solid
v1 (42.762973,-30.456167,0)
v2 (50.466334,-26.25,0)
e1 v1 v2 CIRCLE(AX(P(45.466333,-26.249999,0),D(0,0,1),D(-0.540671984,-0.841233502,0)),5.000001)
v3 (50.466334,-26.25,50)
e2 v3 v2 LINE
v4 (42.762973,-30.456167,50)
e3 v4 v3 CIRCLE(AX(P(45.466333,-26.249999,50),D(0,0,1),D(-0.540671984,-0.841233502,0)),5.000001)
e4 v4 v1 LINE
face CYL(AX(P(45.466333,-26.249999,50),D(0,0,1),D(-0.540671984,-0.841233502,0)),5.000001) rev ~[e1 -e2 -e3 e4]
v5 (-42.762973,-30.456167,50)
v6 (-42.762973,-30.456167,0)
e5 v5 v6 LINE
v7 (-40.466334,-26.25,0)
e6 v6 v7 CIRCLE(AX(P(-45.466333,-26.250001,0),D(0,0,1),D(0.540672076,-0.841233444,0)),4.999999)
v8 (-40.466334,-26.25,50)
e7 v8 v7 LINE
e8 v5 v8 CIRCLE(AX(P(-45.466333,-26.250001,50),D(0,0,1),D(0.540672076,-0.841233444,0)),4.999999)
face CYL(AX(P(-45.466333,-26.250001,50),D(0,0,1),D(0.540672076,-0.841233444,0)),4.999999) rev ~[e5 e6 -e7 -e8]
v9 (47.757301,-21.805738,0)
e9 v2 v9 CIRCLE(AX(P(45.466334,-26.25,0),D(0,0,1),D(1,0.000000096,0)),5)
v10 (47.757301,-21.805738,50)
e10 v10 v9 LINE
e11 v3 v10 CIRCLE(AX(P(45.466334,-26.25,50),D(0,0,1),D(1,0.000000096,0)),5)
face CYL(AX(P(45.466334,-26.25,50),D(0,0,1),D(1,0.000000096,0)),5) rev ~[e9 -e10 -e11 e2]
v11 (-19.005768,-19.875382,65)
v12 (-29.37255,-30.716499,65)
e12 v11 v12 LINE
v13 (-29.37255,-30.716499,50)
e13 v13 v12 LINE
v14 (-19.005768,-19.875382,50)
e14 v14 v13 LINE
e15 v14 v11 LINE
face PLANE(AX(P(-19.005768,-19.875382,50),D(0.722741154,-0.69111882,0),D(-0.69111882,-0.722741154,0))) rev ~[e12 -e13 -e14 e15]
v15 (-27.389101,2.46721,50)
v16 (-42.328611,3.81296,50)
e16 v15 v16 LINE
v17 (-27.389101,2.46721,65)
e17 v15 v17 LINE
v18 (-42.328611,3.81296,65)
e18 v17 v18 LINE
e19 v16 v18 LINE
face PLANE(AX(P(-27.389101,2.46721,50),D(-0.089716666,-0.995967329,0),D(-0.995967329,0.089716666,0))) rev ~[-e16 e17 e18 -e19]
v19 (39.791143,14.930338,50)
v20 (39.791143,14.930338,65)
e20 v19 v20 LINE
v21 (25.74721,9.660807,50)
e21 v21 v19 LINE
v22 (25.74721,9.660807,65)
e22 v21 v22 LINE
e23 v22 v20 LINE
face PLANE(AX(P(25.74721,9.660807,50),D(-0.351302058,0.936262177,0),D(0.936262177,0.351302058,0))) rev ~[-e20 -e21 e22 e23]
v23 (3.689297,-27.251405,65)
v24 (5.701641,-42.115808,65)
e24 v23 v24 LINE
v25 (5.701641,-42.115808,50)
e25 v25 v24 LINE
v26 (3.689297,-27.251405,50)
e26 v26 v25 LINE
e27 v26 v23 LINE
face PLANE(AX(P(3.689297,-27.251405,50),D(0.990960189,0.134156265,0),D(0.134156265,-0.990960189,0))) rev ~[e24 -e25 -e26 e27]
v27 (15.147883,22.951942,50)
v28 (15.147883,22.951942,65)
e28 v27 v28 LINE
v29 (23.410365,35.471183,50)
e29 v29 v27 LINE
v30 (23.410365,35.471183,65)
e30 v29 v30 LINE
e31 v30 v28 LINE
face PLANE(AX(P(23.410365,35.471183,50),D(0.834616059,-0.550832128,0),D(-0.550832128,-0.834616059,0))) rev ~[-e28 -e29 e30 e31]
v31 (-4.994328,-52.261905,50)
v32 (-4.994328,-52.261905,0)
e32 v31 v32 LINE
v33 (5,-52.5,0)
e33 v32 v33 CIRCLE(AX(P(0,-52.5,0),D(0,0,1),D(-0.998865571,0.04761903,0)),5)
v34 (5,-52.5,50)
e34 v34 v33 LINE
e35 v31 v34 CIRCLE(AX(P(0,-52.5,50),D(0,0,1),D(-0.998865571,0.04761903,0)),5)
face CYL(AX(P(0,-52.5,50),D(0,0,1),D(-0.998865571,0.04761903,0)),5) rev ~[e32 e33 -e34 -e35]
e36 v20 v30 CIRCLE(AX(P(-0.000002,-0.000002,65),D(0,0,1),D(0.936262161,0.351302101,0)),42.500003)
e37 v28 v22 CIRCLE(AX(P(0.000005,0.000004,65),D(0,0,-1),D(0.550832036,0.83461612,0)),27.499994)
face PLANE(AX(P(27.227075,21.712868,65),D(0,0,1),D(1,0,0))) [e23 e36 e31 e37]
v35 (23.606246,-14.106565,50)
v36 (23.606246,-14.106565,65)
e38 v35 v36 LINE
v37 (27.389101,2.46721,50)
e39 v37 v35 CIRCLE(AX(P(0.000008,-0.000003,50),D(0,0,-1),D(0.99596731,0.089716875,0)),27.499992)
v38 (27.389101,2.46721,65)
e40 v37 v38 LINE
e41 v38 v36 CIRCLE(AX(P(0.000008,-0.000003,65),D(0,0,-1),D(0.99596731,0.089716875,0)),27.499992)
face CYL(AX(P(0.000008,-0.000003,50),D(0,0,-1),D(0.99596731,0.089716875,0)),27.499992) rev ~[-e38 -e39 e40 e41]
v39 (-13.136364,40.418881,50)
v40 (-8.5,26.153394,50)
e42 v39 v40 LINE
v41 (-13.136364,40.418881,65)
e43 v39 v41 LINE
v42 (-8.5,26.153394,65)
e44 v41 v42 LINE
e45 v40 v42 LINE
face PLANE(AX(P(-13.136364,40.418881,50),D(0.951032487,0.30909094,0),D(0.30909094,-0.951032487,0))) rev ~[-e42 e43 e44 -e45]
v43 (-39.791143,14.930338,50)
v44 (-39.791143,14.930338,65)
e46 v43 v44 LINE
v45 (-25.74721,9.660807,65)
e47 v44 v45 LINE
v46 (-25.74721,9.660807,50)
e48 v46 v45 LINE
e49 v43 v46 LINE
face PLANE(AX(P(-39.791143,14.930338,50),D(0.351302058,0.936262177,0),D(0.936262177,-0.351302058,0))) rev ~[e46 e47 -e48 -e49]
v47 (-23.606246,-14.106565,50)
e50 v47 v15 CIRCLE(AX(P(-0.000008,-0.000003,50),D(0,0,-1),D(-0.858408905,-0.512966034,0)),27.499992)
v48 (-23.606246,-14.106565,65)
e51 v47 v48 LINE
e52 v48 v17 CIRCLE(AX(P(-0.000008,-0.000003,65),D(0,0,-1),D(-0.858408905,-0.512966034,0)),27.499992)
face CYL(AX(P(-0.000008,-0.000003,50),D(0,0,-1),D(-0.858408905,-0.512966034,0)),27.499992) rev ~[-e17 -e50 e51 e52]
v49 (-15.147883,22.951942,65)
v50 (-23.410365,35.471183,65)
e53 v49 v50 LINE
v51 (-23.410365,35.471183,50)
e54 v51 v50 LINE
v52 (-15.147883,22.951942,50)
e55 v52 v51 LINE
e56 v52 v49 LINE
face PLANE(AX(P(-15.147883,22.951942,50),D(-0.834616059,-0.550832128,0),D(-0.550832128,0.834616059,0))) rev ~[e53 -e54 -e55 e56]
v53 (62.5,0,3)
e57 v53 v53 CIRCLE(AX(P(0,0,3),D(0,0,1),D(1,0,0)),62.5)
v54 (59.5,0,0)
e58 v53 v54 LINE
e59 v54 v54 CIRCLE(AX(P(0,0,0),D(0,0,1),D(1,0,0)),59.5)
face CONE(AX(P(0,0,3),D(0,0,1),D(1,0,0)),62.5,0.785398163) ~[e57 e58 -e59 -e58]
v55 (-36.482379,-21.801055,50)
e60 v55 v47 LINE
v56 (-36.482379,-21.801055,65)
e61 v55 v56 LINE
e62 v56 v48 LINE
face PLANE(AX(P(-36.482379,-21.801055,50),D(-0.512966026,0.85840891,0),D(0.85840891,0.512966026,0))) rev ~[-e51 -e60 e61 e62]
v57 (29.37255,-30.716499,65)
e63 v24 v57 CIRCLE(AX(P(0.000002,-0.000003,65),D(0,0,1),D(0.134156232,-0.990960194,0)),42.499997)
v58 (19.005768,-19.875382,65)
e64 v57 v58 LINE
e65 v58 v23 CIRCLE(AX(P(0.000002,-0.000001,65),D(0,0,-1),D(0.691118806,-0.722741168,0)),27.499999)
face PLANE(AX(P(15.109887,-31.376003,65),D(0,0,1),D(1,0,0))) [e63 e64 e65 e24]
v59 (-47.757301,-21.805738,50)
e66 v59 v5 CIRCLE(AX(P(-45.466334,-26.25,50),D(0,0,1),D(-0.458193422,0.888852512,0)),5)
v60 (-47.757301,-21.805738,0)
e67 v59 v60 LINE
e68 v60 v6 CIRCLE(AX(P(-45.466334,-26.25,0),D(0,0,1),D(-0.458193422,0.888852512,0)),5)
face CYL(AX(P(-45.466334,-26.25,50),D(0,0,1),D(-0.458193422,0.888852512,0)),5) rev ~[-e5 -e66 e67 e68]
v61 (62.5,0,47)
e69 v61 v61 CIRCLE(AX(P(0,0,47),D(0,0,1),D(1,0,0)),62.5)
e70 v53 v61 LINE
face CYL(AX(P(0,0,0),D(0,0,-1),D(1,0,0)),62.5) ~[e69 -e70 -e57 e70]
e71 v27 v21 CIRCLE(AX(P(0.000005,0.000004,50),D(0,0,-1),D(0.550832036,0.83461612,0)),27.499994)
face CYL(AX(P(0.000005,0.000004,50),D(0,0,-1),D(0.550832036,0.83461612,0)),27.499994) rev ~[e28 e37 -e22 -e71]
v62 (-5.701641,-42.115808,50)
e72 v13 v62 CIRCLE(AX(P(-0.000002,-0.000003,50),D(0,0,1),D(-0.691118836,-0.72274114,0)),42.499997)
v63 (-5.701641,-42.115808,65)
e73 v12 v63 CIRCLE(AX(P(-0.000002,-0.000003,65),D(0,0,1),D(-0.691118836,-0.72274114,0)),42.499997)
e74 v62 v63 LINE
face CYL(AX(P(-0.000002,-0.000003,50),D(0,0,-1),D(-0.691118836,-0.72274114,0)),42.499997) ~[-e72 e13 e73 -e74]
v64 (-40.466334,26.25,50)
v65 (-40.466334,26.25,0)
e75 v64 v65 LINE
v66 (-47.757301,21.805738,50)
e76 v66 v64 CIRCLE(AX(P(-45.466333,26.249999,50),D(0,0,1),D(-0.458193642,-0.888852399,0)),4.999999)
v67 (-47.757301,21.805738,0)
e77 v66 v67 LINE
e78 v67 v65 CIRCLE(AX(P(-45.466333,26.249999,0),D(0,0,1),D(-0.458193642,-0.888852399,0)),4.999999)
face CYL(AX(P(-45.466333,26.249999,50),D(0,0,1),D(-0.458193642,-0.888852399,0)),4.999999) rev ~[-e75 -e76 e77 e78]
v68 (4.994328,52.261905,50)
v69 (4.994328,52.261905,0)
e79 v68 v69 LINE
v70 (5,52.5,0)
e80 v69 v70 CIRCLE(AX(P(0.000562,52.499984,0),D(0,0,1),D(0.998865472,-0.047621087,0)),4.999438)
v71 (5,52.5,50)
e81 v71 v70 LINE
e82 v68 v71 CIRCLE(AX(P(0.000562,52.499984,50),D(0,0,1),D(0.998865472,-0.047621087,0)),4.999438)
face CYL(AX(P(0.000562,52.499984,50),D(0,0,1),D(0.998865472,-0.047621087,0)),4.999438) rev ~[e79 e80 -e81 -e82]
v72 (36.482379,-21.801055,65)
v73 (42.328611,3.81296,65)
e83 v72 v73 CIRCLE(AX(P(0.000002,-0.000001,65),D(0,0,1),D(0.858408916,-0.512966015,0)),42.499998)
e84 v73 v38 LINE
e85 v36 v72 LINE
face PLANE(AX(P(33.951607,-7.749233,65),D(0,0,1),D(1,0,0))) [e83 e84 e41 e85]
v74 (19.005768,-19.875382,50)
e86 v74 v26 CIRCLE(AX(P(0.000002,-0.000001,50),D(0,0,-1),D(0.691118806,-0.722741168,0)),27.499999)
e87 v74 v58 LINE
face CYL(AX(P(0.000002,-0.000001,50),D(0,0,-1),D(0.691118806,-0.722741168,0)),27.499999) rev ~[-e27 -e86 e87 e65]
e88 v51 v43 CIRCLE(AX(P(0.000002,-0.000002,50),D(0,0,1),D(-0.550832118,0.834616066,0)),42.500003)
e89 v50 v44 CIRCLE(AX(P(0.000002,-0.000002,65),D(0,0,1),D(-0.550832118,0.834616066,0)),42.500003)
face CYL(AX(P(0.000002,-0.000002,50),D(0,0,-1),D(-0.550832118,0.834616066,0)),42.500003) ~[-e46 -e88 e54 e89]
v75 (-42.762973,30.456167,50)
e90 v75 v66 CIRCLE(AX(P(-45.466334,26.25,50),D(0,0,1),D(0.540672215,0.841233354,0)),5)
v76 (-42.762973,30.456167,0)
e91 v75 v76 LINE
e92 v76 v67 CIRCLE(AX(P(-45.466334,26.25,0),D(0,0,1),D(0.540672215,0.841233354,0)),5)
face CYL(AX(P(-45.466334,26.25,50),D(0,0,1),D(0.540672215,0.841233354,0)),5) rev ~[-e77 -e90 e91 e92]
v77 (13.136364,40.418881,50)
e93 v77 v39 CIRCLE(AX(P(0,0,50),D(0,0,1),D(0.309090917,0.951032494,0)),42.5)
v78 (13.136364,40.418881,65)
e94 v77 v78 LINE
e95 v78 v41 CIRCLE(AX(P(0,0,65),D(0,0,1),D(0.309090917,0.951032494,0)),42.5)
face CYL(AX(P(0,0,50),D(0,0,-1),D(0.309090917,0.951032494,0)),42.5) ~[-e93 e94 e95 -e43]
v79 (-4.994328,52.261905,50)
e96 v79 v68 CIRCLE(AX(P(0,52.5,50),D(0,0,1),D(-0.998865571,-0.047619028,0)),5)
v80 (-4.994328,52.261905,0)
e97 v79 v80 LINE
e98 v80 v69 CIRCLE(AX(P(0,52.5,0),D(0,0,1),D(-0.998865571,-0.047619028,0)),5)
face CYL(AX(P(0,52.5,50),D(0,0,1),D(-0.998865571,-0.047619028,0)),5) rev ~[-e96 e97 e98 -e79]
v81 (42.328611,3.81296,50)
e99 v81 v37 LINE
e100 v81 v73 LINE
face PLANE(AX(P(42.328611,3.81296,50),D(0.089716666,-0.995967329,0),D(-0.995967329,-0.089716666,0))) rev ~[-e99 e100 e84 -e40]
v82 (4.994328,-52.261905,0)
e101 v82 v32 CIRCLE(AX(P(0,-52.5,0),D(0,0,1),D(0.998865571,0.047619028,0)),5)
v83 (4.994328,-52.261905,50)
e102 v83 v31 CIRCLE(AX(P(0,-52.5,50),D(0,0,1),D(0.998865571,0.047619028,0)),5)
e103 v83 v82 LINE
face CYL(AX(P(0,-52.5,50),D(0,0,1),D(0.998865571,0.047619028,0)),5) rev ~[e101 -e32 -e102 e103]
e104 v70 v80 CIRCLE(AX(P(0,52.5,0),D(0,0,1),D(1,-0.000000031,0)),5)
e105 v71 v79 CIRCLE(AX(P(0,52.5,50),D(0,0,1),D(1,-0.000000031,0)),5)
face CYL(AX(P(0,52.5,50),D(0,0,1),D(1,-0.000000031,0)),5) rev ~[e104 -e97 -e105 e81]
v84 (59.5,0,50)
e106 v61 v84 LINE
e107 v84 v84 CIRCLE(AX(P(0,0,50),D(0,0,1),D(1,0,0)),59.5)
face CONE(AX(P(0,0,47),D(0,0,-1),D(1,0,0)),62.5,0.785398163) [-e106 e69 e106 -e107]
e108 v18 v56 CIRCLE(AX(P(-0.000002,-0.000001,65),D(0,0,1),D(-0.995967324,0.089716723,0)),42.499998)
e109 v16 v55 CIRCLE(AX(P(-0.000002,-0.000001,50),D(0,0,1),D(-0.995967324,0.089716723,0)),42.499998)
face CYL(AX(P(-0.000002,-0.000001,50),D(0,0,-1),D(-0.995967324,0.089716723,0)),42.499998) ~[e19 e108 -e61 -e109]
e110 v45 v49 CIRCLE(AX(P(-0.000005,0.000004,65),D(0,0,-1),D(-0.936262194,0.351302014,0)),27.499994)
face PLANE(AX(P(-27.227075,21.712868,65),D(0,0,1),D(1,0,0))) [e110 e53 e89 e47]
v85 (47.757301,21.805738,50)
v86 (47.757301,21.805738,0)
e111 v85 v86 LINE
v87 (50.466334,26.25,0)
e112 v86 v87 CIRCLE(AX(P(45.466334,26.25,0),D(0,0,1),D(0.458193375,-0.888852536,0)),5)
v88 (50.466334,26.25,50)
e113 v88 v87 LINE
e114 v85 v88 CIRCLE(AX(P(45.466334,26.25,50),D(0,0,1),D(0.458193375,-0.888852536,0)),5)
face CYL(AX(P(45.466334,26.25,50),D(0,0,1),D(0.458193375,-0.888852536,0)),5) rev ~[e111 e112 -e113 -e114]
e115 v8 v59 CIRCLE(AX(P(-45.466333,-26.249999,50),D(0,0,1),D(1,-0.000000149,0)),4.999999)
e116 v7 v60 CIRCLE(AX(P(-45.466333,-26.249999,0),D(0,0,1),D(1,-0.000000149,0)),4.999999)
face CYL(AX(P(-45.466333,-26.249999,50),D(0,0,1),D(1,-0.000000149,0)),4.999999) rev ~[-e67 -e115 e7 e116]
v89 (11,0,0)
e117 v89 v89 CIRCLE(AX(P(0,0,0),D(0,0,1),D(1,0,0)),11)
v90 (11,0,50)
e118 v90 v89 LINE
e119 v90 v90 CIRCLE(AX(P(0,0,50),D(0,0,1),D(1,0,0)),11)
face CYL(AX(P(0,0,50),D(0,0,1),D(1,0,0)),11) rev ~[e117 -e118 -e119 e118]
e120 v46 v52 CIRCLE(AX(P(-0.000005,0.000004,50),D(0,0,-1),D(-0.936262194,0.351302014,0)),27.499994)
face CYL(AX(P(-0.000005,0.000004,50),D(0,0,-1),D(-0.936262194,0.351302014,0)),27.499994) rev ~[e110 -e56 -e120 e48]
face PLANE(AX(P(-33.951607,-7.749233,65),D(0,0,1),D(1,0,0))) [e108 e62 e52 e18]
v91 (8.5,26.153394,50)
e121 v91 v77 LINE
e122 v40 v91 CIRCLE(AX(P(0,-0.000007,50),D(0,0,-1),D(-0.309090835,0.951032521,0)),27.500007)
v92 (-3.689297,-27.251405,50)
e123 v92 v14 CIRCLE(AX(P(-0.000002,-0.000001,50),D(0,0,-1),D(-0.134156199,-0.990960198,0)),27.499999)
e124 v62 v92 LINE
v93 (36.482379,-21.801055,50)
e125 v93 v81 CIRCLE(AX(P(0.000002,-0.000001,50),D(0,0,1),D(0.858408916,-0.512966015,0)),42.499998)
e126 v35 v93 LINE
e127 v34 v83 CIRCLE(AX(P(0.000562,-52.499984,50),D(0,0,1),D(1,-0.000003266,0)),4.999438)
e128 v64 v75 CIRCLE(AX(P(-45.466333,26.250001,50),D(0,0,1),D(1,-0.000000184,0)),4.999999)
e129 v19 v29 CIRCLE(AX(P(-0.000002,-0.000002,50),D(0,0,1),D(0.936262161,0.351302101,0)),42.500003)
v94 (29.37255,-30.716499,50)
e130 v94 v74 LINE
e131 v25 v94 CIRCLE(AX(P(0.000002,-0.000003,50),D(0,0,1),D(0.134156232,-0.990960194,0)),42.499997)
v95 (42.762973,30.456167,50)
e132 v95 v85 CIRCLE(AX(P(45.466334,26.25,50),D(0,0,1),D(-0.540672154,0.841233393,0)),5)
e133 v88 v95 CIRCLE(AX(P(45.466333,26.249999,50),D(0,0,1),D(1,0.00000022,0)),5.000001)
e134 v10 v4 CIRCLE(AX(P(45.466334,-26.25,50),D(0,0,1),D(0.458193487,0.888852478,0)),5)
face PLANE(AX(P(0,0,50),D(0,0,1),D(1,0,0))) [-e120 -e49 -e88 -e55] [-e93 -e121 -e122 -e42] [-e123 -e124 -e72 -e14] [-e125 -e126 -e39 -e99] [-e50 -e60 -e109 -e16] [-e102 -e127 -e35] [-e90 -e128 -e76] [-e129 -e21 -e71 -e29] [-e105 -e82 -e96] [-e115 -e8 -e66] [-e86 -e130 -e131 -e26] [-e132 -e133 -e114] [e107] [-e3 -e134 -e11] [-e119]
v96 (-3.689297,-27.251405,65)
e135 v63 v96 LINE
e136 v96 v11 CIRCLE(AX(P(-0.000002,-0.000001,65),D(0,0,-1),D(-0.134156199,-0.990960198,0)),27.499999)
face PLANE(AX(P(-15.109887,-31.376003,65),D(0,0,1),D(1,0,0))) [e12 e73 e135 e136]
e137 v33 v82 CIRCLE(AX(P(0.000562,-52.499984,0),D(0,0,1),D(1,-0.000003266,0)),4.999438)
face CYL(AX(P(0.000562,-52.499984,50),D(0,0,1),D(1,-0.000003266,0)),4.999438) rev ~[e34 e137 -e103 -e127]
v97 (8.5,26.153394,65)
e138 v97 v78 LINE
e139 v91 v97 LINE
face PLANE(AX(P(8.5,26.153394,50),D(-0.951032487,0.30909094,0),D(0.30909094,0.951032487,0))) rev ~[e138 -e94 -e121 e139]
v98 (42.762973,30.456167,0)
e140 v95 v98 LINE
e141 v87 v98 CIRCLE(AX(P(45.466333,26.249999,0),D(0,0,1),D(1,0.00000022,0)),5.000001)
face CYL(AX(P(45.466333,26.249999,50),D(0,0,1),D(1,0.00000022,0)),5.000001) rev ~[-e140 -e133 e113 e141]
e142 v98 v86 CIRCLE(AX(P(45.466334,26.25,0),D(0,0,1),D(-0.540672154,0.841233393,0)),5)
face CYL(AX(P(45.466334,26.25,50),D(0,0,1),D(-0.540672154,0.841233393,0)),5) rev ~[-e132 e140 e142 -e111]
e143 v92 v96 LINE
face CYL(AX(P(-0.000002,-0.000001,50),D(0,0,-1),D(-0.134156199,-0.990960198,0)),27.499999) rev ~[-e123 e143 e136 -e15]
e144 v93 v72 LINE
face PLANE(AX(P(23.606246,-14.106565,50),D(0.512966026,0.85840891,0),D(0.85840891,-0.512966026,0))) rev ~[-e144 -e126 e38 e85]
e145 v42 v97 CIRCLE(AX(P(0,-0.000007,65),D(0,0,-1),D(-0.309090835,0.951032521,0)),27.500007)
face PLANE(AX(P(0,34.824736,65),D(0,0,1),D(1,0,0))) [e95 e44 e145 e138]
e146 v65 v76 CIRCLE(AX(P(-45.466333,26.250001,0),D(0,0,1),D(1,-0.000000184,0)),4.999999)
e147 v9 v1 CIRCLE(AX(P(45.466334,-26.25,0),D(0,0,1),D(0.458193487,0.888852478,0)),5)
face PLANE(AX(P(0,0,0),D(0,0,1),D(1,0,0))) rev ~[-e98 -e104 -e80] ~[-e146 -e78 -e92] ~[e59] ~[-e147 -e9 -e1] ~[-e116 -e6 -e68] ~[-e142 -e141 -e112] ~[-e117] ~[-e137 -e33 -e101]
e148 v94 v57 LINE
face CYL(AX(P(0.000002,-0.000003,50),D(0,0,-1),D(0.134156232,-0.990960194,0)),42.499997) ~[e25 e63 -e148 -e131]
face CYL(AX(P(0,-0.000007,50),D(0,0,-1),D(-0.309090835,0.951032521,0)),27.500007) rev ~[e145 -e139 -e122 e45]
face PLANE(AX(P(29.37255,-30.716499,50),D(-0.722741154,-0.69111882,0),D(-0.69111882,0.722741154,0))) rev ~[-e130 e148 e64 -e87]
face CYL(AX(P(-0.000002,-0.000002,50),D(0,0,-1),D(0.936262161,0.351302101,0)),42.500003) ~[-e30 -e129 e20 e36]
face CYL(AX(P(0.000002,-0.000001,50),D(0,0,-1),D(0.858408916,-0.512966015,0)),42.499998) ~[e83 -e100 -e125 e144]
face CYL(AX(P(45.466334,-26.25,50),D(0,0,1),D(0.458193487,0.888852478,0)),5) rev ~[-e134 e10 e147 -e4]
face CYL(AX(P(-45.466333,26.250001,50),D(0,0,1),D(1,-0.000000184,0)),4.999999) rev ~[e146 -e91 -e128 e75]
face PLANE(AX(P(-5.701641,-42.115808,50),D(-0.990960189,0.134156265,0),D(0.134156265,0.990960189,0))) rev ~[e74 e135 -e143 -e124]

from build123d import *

# Parameters (mm, degrees)
F0_R     = 62.5
F1_DEPTH = 50
F3_DEPTH = 15
F4_R     = 11
F5_DEPTH = 50.001
F7_DEPTH = 50.001
F8_SIZE  = 3


with BuildPart() as f1:
    # F0 (on Top) → F1 (new body)
    with BuildSketch(Plane.XY):
        Circle(F0_R)
    extrude(amount=F1_DEPTH)

    # F2 (on face) → F3 (join)
    with BuildSketch(Plane.XY.offset(50)):
        with BuildLine():
            ThreePointArc((-8.5, 26.153394), (0, 27.5), (8.5, 26.153394))
            Line((8.5, 26.153394), (13.136364, 40.418881))
            ThreePointArc((13.136364, 40.418881), (0, 42.5), (-13.136364, 40.418881))
            Line((-13.136364, 40.418881), (-8.5, 26.153394))
        make_face()
        with BuildLine():
            Line((-39.791143, 14.930338), (-25.74721, 9.660807))
            ThreePointArc((-25.74721, 9.660807), (-21.500366, 17.14597), (-15.147883, 22.951942))
            Line((-15.147883, 22.951942), (-23.410365, 35.471183))
            ThreePointArc((-23.410365, 35.471183), (-33.227838, 26.498317), (-39.791143, 14.930338))
        make_face()
        with BuildLine():
            Line((-36.482379, -21.801055), (-23.606246, -14.106565))
            ThreePointArc((-23.606246, -14.106565), (-26.810518, -6.119326), (-27.389101, 2.46721))
            Line((-27.389101, 2.46721), (-42.328611, 3.81296))
            ThreePointArc((-42.328611, 3.81296), (-41.434436, -9.45714), (-36.482379, -21.801055))
        make_face()
        with BuildLine():
            Line((-5.701641, -42.115808), (-3.689297, -27.251405))
            ThreePointArc((-3.689297, -27.251405), (-11.931803, -24.776644), (-19.005768, -19.875382))
            Line((-19.005768, -19.875382), (-29.37255, -30.716499))
            ThreePointArc((-29.37255, -30.716499), (-18.440059, -38.291177), (-5.701641, -42.115808))
        make_face()
        with BuildLine():
            Line((29.37255, -30.716499), (19.005768, -19.875382))
            ThreePointArc((19.005768, -19.875382), (11.931803, -24.776644), (3.689297, -27.251405))
            Line((3.689297, -27.251405), (5.701641, -42.115808))
            ThreePointArc((5.701641, -42.115808), (18.440059, -38.291177), (29.37255, -30.716499))
        make_face()
        with BuildLine():
            Line((42.328611, 3.81296), (27.389101, 2.46721))
            ThreePointArc((27.389101, 2.46721), (26.810518, -6.119326), (23.606246, -14.106565))
            Line((23.606246, -14.106565), (36.482379, -21.801055))
            ThreePointArc((36.482379, -21.801055), (41.434436, -9.45714), (42.328611, 3.81296))
        make_face()
        with BuildLine():
            Line((23.410365, 35.471183), (15.147883, 22.951942))
            ThreePointArc((15.147883, 22.951942), (21.500366, 17.14597), (25.74721, 9.660807))
            Line((25.74721, 9.660807), (39.791143, 14.930338))
            ThreePointArc((39.791143, 14.930338), (33.227838, 26.498317), (23.410365, 35.471183))
        make_face()
    extrude(amount=F3_DEPTH)

    # F4 (on face) → F5 (cut, through all)
    with BuildSketch(Plane.XY.offset(50)):
        Circle(F4_R)
    extrude(amount=-F5_DEPTH, mode=Mode.SUBTRACT)

    # F6 (on face) → F7 (cut, through all)
    with BuildSketch(Plane.XY.offset(50)):
        with BuildLine():
            ThreePointArc((-40.466334, 26.25), (-41.077894, 28.646163), (-42.762973, 30.456167))
            ThreePointArc((-42.762973, 30.456167), (-44.164755, 28.385285), (-45.466334, 26.25))
            ThreePointArc((-45.466334, 26.25), (-46.664755, 24.055158), (-47.757301, 21.805738))
            ThreePointArc((-47.757301, 21.805738), (-42.863915, 21.980642), (-40.466334, 26.25))
        make_face()
        with BuildLine():
            ThreePointArc((-45.466334, 26.25), (-44.164755, 28.385285), (-42.762973, 30.456167))
            ThreePointArc((-42.762973, 30.456167), (-49.796461, 28.75), (-47.757301, 21.805738))
            ThreePointArc((-47.757301, 21.805738), (-46.664755, 24.055158), (-45.466334, 26.25))
        make_face()
        with BuildLine():
            ThreePointArc((4.994328, 52.261905), (4.998582, 52.380919), (5, 52.5))
            ThreePointArc((5, 52.5), (-0.119081, 57.498582), (-4.994328, 52.261905))
            ThreePointArc((-4.994328, 52.261905), (0, 52.5), (4.994328, 52.261905))
        make_face()
        with BuildLine():
            ThreePointArc((4.994328, 52.261905), (0, 52.5), (-4.994328, 52.261905))
            ThreePointArc((-4.994328, 52.261905), (0, 47.5), (4.994328, 52.261905))
        make_face()
        with BuildLine():
            ThreePointArc((-42.762973, -30.456167), (-41.077894, -28.646163), (-40.466334, -26.25))
            ThreePointArc((-40.466334, -26.25), (-42.863915, -21.980642), (-47.757301, -21.805738))
            ThreePointArc((-47.757301, -21.805738), (-46.664755, -24.055158), (-45.466334, -26.25))
            ThreePointArc((-45.466334, -26.25), (-44.164755, -28.385285), (-42.762973, -30.456167))
        make_face()
        with BuildLine():
            ThreePointArc((-45.466334, -26.25), (-46.664755, -24.055158), (-47.757301, -21.805738))
            ThreePointArc((-47.757301, -21.805738), (-49.796461, -28.75), (-42.762973, -30.456167))
            ThreePointArc((-42.762973, -30.456167), (-44.164755, -28.385285), (-45.466334, -26.25))
        make_face()
        with BuildLine():
            ThreePointArc((-4.994328, -52.261905), (-0.119081, -57.498582), (5, -52.5))
            ThreePointArc((5, -52.5), (4.998582, -52.380919), (4.994328, -52.261905))
            ThreePointArc((4.994328, -52.261905), (2.5, -52.440442), (0, -52.5))
            ThreePointArc((0, -52.5), (-2.5, -52.440442), (-4.994328, -52.261905))
        make_face()
        with BuildLine():
            ThreePointArc((0, -52.5), (2.5, -52.440442), (4.994328, -52.261905))
            ThreePointArc((4.994328, -52.261905), (0, -47.5), (-4.994328, -52.261905))
            ThreePointArc((-4.994328, -52.261905), (-2.5, -52.440442), (0, -52.5))
        make_face()
        with BuildLine():
            ThreePointArc((42.762973, -30.456167), (47.862497, -30.638439), (50.466334, -26.25))
            ThreePointArc((50.466334, -26.25), (49.735692, -23.647582), (47.757301, -21.805738))
            ThreePointArc((47.757301, -21.805738), (45.466334, -26.25), (42.762973, -30.456167))
        make_face()
        with BuildLine():
            ThreePointArc((42.762973, -30.456167), (45.466334, -26.25), (47.757301, -21.805738))
            ThreePointArc((47.757301, -21.805738), (41.136207, -23.75), (42.762973, -30.456167))
        make_face()
        with BuildLine():
            ThreePointArc((47.757301, 21.805738), (49.735692, 23.647582), (50.466334, 26.25))
            ThreePointArc((50.466334, 26.25), (47.862497, 30.638439), (42.762973, 30.456167))
            ThreePointArc((42.762973, 30.456167), (44.164755, 28.385285), (45.466334, 26.25))
            ThreePointArc((45.466334, 26.25), (46.664755, 24.055158), (47.757301, 21.805738))
        make_face()
        with BuildLine():
            ThreePointArc((45.466334, 26.25), (44.164755, 28.385285), (42.762973, 30.456167))
            ThreePointArc((42.762973, 30.456167), (41.136207, 23.75), (47.757301, 21.805738))
            ThreePointArc((47.757301, 21.805738), (46.664755, 24.055158), (45.466334, 26.25))
        make_face()
    extrude(amount=-F7_DEPTH, mode=Mode.SUBTRACT)

    # F8
    f8_edges = [f1.edges().sort_by_distance(p)[0] for p in [
        (-62.5, 0, 50),
        (-62.5, 0, 0),
    ]]
    chamfer(f8_edges, length=F8_SIZE)


solid = f1.part
